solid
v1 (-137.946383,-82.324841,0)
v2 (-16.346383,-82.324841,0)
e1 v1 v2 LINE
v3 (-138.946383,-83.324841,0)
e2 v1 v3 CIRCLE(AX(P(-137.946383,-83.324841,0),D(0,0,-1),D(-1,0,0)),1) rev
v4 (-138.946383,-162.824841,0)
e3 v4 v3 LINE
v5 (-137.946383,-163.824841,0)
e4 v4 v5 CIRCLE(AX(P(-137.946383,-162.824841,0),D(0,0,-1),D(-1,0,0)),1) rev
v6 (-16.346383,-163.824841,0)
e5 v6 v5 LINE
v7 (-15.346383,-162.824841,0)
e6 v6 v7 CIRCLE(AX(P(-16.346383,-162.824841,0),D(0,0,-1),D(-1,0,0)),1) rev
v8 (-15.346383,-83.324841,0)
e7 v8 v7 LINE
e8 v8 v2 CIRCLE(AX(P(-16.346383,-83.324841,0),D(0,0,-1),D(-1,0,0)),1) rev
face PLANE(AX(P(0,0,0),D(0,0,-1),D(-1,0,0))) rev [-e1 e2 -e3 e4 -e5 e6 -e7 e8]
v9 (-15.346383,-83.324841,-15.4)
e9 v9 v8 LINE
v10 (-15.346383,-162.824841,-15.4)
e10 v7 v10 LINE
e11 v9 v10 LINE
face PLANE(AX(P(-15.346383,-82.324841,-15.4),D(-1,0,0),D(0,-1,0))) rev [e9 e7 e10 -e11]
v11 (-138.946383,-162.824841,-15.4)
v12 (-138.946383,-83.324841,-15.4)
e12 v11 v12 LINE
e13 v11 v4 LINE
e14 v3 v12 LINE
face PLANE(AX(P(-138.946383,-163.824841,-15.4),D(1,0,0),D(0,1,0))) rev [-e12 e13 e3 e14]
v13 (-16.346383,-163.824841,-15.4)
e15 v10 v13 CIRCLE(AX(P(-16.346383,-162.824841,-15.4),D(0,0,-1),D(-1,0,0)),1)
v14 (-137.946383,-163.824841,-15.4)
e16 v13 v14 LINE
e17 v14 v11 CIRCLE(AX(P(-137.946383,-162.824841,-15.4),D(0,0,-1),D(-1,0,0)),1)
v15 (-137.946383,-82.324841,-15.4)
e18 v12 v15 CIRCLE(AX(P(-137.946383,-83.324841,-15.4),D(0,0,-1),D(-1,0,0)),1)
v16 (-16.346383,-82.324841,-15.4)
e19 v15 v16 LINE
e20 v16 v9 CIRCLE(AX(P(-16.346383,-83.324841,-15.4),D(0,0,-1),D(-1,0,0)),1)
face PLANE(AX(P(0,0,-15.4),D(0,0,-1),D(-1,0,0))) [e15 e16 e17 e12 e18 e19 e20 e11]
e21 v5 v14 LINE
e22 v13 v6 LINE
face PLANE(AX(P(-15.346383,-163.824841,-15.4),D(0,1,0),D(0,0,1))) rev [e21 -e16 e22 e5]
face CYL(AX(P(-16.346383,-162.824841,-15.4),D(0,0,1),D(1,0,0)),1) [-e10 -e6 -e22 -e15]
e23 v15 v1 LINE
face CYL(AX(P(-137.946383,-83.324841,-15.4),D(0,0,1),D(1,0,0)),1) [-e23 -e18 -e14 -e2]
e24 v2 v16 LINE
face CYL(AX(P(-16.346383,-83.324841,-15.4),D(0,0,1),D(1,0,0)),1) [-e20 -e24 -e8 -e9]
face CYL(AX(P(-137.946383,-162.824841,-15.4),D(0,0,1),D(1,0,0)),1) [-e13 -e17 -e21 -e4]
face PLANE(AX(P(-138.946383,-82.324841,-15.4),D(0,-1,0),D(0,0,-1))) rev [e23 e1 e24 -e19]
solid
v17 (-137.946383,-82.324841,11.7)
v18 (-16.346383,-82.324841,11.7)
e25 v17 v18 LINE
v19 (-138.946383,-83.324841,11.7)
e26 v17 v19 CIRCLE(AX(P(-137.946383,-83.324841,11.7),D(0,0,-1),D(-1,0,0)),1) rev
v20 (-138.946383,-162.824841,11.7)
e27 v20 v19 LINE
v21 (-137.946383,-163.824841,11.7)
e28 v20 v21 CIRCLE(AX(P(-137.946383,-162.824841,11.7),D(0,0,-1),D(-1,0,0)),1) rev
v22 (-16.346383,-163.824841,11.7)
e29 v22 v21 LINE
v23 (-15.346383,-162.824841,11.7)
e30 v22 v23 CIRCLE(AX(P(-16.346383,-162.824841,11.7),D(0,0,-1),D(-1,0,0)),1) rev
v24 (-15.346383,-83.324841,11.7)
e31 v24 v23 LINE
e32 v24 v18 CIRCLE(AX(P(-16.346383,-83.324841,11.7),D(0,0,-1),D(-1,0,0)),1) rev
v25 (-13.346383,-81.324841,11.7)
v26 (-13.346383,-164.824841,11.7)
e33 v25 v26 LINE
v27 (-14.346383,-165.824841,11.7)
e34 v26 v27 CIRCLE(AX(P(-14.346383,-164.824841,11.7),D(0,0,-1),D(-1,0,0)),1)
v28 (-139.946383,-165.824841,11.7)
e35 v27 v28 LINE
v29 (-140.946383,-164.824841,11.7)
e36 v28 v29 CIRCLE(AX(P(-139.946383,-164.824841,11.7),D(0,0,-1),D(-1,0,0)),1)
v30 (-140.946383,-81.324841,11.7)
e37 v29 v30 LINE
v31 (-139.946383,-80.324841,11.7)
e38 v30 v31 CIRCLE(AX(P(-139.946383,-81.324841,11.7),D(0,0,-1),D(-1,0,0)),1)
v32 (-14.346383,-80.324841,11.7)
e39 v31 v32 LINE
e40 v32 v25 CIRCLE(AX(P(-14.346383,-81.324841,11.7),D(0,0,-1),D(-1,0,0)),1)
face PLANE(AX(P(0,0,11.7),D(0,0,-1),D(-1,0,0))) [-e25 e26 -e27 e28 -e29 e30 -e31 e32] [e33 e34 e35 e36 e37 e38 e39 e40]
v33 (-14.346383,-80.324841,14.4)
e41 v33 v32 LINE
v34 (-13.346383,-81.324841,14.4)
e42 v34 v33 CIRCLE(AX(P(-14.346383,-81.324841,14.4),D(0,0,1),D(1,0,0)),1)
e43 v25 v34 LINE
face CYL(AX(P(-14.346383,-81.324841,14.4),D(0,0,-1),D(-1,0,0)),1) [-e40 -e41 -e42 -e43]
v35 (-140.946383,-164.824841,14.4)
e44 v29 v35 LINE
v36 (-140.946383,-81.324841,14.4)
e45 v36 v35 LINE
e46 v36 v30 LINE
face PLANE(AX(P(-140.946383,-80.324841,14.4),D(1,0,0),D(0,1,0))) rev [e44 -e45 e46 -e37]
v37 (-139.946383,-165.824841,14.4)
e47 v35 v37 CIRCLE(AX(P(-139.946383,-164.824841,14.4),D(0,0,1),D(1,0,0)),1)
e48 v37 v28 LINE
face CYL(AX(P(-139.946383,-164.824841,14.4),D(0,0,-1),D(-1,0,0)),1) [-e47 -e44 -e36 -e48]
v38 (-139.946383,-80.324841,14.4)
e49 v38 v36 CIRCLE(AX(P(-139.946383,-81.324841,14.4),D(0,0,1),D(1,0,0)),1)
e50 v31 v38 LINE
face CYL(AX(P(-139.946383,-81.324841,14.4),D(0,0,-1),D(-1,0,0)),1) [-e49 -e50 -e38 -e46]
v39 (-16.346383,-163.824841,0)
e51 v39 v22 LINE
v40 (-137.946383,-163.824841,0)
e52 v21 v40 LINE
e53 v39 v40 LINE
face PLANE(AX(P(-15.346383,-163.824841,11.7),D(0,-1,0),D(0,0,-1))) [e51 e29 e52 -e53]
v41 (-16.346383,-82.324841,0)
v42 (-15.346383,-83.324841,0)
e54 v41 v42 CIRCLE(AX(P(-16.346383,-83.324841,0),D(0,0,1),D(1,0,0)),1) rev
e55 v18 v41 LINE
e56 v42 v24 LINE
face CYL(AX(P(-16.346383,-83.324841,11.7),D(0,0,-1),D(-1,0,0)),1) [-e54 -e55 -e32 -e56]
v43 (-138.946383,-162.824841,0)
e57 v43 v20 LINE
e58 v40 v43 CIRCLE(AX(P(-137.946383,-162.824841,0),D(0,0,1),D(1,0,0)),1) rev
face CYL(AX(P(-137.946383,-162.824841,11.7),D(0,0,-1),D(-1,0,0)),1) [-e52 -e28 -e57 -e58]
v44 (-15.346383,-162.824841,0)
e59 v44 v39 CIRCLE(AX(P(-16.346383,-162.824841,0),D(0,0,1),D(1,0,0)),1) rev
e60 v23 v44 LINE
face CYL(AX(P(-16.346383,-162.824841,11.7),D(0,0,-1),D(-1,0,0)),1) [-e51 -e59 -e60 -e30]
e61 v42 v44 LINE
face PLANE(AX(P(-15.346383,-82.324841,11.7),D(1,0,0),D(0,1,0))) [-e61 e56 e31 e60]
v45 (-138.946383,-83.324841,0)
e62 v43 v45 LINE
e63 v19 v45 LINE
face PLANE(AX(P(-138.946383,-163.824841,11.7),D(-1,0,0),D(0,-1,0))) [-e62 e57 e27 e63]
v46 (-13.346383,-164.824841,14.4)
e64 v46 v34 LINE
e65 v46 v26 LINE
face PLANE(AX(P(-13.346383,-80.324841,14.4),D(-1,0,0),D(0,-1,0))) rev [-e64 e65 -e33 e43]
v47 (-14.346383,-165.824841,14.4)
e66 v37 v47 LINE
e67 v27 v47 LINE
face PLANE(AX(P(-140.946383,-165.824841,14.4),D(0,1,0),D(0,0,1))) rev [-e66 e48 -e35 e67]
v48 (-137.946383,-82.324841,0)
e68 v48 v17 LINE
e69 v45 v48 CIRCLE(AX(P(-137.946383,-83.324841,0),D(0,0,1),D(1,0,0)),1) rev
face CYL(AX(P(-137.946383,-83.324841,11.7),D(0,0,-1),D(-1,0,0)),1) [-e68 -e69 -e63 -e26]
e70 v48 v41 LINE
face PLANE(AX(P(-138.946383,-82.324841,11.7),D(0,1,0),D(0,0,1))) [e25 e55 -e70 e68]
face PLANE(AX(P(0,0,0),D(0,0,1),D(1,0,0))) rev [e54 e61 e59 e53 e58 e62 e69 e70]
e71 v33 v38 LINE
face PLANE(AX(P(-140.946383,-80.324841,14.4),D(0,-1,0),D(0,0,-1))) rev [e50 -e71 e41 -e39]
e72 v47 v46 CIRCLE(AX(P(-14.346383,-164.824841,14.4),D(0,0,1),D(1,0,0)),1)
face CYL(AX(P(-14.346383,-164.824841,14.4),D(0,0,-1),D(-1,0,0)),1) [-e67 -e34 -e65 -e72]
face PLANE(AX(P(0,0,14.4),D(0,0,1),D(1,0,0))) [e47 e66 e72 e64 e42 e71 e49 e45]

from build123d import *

# Parameters (mm, degrees)
SKETCH1_W           = 127.6
SKETCH1_H           = 85.5
BOSS_EXTRUDE1_DEPTH = 14.4
SKETCH2_W           = 127.6
SKETCH2_H           = 85.5
SKETCH2_W_2         = 123.6
SKETCH2_H_2         = 81.5
CUT_EXTRUDE1_DEPTH  = 11.7
SKETCH3_W           = 123.6
SKETCH3_H           = 81.5
BOSS_EXTRUDE2_DEPTH = 15.4
FILLET1_R           = 1
FILLET2_R           = 1


with BuildPart() as part:
    # Sketch1 → Boss-Extrude1 (new body)
    with BuildSketch(Plane.XY):
        with Locations((-77.146382855, -123.07484112)):
            Rectangle(SKETCH1_W, SKETCH1_H)
    extrude(amount=BOSS_EXTRUDE1_DEPTH)

    # Sketch2 → Cut-Extrude1 (cut)
    with BuildSketch(Plane(origin=(0, 0, 0), x_dir=(-1, 0, 0), z_dir=(0, 0, -1))):
        with Locations((77.146382855, -123.07484112)):
            Rectangle(SKETCH2_W, SKETCH2_H)
        with Locations((77.146382855, -123.07484112)):
            Rectangle(SKETCH2_W_2, SKETCH2_H_2, mode=Mode.SUBTRACT)
    extrude(amount=-CUT_EXTRUDE1_DEPTH, mode=Mode.SUBTRACT)

    # Fillet1
    fillet1_edges = [part.edges().sort_by_distance(p)[0] for p in [
        (-138.946382855, -82.32484112, 5.85),
        (-138.946382855, -163.82484112, 5.85),
        (-15.346382855, -163.82484112, 5.85),
        (-15.346382855, -82.32484112, 5.85),
        (-13.346382855, -165.82484112, 13.05),
        (-140.946382855, -165.82484112, 13.05),
        (-140.946382855, -80.32484112, 13.05),
        (-13.346382855, -80.32484112, 13.05),
    ]]
    fillet(fillet1_edges, radius=FILLET1_R)


with BuildPart() as body_2:
    # Sketch3 → Boss-Extrude2 (new body)
    with BuildSketch(Plane(origin=(0, 0, 0), x_dir=(-1, 0, 0), z_dir=(0, 0, -1))):
        with Locations((77.146382855, -123.07484112)):
            Rectangle(SKETCH3_W, SKETCH3_H)
    extrude(amount=BOSS_EXTRUDE2_DEPTH)

    # Fillet2
    fillet2_edges = [body_2.edges().sort_by_distance(p)[0] for p in [
        (-138.946382855, -163.82484112, -7.7),
        (-15.346382855, -163.82484112, -7.7),
        (-15.346382855, -82.32484112, -7.7),
        (-138.946382855, -82.32484112, -7.7),
    ]]
    fillet(fillet2_edges, radius=FILLET2_R)


solid = Compound([part.part, body_2.part])
